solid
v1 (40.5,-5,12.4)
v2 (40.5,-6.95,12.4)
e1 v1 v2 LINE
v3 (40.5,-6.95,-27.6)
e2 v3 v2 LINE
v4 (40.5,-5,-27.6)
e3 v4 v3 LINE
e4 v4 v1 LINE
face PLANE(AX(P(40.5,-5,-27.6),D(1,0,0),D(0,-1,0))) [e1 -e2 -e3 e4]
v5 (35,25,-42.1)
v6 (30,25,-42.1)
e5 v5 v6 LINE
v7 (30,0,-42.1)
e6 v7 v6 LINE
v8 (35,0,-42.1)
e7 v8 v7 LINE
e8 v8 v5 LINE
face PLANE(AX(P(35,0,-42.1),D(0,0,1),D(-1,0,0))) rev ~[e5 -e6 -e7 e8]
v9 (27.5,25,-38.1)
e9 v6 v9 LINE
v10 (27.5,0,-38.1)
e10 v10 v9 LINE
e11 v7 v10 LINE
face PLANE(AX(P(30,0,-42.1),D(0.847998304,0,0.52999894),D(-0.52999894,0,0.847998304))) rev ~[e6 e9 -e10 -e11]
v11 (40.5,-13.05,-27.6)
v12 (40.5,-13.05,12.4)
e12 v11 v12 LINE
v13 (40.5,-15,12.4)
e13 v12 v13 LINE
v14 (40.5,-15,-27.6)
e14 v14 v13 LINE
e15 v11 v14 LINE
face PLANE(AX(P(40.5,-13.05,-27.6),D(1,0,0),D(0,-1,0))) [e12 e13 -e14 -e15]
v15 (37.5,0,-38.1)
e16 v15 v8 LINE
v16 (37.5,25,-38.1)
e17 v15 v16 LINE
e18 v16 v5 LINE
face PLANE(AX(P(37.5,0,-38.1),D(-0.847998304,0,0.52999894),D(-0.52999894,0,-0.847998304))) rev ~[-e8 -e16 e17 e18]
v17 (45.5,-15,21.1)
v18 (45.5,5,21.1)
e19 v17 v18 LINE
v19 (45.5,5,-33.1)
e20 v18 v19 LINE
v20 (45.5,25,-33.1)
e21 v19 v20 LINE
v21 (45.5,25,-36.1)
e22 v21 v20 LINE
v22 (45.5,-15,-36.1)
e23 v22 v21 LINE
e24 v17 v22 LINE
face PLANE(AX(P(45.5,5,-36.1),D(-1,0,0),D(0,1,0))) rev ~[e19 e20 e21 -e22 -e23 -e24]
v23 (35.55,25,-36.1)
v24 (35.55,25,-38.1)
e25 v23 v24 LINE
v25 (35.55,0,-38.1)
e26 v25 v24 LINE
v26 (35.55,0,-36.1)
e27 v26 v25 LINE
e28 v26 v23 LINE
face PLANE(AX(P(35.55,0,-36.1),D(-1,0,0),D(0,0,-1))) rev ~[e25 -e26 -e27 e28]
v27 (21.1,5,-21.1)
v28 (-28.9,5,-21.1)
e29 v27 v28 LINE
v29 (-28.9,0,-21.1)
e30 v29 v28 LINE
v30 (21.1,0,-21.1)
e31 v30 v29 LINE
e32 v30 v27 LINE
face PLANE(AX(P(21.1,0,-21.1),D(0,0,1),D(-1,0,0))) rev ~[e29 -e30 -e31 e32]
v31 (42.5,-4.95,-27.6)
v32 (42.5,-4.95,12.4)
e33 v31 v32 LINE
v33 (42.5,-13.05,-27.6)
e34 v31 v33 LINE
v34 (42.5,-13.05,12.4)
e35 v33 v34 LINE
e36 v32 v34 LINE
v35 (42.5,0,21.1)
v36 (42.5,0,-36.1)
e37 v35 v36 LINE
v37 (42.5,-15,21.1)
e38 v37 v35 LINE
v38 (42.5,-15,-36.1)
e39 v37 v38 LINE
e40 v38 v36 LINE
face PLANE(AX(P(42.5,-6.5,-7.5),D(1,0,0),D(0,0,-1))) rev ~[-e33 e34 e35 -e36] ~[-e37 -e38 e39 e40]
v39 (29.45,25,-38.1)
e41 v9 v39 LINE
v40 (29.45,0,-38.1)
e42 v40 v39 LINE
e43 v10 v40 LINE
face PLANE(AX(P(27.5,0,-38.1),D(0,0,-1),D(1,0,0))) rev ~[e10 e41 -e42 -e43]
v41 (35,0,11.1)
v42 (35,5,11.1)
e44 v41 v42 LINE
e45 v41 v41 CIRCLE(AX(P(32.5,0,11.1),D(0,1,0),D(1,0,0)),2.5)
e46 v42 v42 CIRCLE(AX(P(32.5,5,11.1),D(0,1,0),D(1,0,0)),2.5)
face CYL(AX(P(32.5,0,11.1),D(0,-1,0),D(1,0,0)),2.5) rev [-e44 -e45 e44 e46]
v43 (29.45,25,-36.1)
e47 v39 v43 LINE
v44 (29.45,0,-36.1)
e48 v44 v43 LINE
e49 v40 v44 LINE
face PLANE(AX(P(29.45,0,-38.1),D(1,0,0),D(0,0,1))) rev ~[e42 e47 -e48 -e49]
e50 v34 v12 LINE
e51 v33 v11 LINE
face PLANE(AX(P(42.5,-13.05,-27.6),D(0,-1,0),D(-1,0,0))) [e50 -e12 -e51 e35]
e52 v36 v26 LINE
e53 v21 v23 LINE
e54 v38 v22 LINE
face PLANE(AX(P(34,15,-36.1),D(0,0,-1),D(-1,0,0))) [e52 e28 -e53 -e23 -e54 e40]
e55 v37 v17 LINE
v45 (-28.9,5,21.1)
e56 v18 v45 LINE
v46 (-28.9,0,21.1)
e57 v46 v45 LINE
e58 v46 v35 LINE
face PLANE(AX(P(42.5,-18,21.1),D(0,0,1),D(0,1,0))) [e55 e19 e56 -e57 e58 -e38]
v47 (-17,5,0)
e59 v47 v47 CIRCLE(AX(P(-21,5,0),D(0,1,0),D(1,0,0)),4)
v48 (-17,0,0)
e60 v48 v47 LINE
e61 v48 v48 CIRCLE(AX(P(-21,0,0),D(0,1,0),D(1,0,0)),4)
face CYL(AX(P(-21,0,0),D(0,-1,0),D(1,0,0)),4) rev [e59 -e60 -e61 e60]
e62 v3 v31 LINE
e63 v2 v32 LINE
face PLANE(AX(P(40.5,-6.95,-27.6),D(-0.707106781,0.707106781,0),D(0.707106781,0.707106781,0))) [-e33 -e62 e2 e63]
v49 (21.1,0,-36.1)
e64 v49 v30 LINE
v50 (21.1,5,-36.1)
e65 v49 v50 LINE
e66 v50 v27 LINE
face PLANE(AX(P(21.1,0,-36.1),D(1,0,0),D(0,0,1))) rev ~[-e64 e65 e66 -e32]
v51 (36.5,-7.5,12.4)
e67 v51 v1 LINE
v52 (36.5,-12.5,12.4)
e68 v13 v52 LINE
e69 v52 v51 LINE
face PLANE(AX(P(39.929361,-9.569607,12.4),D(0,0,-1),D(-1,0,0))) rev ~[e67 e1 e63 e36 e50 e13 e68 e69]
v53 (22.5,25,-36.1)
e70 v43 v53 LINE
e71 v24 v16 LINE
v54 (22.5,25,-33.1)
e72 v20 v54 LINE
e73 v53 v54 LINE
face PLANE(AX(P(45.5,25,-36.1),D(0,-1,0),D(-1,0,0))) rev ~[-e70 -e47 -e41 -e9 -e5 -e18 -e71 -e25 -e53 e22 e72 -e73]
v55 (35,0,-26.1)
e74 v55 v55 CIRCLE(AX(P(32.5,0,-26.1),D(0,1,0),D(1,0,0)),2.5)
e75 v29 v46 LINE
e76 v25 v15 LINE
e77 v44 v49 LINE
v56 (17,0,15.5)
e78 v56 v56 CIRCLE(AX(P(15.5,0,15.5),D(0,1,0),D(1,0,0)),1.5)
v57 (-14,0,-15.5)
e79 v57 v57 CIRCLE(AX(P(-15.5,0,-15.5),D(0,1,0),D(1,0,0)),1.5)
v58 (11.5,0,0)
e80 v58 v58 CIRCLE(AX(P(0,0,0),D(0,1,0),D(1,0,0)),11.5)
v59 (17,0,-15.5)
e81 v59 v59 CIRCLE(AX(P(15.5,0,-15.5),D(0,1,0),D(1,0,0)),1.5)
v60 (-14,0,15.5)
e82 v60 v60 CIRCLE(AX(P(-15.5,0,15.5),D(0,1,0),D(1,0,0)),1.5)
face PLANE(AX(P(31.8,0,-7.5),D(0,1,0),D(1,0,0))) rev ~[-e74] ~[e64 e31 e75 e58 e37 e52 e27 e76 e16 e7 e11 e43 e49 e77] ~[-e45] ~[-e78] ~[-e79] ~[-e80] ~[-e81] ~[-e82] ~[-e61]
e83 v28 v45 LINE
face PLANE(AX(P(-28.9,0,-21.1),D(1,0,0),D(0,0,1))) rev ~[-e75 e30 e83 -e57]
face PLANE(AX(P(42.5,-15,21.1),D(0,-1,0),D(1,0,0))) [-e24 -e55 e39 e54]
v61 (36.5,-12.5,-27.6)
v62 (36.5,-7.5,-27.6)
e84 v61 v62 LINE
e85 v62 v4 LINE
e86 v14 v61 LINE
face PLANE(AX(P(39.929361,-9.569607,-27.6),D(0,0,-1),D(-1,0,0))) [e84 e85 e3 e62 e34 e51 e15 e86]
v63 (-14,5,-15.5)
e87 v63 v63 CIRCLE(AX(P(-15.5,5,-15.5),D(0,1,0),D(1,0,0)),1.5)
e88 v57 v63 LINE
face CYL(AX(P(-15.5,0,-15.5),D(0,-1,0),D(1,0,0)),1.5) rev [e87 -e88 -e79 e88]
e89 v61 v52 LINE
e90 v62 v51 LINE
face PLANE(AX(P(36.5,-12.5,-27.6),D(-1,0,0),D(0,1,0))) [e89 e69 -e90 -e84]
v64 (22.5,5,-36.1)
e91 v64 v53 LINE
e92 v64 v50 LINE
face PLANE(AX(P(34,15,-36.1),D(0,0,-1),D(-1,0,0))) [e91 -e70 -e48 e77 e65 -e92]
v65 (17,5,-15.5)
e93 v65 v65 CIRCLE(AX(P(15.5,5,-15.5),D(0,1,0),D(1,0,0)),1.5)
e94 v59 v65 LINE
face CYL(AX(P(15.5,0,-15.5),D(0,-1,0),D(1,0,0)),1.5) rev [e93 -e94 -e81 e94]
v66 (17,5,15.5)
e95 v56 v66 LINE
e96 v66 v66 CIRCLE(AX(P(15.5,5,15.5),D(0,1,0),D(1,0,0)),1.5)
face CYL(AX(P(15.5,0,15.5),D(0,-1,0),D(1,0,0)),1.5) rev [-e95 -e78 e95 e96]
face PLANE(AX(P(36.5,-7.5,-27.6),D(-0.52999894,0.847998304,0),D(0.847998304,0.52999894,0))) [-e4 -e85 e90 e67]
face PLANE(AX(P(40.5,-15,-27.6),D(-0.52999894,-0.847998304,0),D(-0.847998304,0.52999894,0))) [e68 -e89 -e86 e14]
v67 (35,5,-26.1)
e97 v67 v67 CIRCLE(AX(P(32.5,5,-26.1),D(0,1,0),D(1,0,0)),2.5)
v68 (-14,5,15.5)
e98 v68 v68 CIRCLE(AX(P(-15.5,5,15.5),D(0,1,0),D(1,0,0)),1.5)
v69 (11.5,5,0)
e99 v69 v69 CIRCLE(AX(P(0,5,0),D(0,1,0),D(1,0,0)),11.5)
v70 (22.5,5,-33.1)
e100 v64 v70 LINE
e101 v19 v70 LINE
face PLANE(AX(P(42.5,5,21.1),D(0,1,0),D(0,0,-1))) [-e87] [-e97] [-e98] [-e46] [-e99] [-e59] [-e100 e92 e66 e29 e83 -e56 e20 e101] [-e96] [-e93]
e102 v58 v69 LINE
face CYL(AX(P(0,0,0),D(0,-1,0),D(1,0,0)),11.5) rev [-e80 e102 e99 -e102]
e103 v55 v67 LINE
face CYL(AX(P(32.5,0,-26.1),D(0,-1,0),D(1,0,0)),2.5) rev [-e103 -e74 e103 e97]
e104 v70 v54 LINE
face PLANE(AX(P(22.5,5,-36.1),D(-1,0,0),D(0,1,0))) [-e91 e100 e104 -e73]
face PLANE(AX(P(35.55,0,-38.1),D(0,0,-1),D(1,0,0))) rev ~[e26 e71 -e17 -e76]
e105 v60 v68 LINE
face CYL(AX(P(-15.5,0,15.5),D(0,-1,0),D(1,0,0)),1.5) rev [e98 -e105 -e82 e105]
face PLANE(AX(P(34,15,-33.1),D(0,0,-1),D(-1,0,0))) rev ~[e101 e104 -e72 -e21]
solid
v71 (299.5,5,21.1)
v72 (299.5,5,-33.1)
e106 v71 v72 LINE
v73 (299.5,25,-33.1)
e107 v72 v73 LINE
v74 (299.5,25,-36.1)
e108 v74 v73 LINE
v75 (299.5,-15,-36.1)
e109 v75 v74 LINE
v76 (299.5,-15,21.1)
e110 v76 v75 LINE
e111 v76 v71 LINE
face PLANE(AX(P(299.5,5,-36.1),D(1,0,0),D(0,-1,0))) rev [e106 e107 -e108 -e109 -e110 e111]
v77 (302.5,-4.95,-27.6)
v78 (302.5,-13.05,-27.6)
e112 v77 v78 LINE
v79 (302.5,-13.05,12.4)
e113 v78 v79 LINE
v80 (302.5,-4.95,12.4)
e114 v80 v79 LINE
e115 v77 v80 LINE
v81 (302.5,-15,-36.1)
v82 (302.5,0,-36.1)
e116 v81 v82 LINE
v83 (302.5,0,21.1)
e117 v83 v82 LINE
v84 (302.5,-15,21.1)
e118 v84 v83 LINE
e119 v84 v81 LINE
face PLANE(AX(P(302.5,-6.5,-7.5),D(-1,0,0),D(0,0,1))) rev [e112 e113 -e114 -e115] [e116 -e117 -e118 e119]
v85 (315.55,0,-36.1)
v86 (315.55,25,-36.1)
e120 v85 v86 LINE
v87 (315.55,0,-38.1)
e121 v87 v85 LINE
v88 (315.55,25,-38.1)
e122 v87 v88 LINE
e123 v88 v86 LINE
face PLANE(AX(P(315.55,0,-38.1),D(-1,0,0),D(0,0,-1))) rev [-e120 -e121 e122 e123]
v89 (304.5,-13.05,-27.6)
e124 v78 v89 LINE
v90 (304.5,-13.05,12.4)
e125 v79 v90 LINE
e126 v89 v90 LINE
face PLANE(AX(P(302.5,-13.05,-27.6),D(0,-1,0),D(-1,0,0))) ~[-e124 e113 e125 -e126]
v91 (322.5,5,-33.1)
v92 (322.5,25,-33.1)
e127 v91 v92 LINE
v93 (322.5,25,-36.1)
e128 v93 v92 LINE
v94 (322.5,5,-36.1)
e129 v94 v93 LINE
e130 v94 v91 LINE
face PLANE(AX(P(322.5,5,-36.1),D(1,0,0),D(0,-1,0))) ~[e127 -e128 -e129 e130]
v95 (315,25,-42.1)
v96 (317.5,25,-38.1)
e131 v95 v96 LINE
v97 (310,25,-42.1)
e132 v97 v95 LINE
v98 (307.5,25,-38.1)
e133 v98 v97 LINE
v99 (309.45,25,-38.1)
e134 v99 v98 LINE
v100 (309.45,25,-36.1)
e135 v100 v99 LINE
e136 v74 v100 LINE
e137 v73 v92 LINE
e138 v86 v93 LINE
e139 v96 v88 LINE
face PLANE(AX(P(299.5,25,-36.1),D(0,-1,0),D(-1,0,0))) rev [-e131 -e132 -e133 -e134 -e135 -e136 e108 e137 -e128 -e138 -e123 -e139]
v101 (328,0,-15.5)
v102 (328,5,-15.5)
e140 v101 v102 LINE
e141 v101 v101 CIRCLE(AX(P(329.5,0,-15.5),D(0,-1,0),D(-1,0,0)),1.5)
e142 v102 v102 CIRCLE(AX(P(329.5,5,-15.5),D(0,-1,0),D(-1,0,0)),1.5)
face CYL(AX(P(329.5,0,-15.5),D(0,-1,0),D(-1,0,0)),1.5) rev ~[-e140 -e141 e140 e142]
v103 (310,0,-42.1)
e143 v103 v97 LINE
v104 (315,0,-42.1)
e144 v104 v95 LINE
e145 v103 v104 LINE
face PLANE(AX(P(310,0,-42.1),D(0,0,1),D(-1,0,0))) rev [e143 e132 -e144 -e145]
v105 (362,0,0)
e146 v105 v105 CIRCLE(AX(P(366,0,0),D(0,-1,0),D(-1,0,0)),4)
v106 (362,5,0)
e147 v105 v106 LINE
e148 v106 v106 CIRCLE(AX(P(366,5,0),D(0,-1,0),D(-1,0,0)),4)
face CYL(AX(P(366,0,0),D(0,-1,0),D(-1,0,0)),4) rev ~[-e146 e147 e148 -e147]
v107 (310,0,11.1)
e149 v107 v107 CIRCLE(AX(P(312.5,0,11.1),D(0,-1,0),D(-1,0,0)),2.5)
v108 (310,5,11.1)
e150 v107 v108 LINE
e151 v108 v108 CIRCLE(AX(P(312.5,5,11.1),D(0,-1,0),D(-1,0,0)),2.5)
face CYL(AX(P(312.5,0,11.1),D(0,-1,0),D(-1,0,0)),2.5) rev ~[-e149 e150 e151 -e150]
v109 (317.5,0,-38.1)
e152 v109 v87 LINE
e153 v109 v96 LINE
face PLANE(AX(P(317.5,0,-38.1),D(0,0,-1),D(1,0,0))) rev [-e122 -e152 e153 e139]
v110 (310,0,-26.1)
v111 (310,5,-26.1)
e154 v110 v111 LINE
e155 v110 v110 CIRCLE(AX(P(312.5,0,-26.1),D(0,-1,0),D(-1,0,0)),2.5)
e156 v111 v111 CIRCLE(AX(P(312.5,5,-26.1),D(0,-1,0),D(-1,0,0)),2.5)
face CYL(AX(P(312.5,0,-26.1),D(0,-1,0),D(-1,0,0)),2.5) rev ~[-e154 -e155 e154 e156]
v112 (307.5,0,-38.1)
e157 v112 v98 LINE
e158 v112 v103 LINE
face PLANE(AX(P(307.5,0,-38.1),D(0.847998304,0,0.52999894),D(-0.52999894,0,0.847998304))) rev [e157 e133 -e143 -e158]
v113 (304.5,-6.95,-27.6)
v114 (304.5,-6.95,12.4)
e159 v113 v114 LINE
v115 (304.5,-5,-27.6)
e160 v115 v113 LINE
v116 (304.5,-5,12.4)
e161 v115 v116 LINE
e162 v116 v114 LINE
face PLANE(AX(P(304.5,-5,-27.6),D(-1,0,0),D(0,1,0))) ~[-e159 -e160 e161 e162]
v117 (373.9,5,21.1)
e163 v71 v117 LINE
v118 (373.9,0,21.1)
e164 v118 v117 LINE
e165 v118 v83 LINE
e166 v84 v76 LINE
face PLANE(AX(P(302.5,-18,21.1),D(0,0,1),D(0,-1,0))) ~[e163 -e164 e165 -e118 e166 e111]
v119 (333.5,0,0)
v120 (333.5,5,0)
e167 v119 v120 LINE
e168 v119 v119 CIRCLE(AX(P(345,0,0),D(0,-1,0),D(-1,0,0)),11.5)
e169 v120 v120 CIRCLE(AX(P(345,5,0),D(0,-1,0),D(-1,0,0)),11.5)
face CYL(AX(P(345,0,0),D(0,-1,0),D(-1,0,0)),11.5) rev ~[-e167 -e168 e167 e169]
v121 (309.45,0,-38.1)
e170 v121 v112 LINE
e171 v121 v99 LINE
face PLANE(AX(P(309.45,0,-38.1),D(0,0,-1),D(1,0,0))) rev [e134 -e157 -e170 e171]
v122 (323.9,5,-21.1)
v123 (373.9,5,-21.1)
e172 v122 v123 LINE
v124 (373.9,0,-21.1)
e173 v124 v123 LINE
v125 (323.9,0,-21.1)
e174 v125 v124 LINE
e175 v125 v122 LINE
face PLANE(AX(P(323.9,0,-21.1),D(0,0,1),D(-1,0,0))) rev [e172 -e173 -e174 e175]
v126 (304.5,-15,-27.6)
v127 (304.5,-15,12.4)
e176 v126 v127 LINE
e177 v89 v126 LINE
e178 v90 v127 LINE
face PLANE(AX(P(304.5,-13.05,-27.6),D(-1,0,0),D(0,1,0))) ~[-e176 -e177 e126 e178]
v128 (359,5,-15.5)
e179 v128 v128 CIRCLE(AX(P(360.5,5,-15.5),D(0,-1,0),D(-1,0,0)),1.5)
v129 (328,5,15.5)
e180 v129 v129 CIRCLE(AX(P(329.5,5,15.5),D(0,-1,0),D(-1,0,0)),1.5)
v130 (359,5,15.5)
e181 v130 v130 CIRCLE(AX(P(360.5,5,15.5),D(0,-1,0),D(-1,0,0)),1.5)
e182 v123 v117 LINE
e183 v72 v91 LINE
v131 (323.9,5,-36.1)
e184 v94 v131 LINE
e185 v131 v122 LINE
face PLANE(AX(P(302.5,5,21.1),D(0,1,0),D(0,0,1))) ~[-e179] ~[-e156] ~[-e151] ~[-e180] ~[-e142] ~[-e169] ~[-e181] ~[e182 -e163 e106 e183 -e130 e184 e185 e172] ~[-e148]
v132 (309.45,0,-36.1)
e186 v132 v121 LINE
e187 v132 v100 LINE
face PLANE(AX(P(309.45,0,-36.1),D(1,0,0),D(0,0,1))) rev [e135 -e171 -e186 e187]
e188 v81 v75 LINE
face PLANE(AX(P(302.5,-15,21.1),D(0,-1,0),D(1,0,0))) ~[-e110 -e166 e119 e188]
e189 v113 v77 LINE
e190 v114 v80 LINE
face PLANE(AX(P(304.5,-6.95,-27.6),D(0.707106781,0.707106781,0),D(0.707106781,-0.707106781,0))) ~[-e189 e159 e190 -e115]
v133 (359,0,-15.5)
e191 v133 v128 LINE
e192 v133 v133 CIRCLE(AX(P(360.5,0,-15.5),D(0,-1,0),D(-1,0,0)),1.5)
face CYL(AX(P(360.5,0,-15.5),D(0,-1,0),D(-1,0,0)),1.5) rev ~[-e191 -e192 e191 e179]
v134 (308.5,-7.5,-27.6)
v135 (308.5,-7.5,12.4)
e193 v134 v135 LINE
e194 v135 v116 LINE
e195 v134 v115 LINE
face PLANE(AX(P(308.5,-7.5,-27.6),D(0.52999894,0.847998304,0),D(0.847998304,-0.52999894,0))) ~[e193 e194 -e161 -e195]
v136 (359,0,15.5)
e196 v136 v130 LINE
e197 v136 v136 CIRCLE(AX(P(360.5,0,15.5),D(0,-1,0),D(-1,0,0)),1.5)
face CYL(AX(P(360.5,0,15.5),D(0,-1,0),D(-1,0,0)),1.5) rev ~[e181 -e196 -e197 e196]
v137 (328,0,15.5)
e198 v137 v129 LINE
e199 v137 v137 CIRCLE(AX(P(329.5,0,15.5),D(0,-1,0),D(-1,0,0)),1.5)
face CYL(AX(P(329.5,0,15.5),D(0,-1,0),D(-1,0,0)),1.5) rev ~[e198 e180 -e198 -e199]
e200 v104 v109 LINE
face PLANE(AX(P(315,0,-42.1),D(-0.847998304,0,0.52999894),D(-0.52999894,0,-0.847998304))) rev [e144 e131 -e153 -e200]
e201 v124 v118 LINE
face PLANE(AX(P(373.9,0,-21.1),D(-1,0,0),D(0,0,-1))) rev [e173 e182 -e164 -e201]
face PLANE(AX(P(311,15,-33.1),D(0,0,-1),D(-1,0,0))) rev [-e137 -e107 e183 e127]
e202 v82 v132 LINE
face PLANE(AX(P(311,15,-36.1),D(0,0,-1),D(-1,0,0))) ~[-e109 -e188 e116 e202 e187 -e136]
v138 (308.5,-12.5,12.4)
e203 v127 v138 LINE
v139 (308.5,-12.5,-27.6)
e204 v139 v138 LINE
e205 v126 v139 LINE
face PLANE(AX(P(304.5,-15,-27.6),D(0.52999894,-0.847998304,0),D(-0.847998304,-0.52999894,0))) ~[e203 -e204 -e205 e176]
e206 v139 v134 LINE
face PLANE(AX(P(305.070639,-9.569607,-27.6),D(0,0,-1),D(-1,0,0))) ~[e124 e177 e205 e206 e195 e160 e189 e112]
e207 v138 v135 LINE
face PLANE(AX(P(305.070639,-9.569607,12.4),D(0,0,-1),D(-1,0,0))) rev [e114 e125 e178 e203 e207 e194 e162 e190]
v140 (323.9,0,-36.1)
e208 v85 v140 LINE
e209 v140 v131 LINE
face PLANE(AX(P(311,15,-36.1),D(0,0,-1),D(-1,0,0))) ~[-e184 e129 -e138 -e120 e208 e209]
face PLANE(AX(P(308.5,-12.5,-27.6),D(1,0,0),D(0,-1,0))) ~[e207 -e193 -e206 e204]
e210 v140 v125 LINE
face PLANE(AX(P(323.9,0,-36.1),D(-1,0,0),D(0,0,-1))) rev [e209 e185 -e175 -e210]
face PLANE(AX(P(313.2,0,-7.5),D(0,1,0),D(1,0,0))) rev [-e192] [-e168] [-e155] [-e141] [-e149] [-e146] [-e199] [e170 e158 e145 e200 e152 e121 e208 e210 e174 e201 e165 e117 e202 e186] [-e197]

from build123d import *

# Parameters (mm, degrees)
SKETCH1_R           = 2.5
SKETCH1_R_2         = 1.5
SKETCH1_R_3         = 4
SKETCH1_R_4         = 11.5
BOSS_EXTRUDE1_DEPTH = 5
SKETCH2_W           = 57.2
SKETCH2_H           = 23
BOSS_EXTRUDE2_DEPTH = 3
BOSS_EXTRUDE3_START = -8.5
BOSS_EXTRUDE3_DEPTH = 40
SKETCH5_W           = 3
SKETCH5_H           = 3
CUT_EXTRUDE1_DEPTH  = 58.2
SKETCH6_W           = 23
SKETCH6_H           = 20
BOSS_EXTRUDE4_DEPTH = 3
BOSS_EXTRUDE5_START = -25
BOSS_EXTRUDE5_DEPTH = 25


with BuildPart() as part:
    # Sketch1 → Boss-Extrude1 (new body)
    with BuildSketch(Plane(origin=(0, 0, 0), x_dir=(1, 0, 0), z_dir=(0, 1, 0))):
        Polygon((42.5, 36.1), (21.1, 36.1), (21.1, 21.1), (21.1, -21.1), (42.5, -21.1), align=None)
        with Locations((32.5, -11.1)):
            Circle(SKETCH1_R, mode=Mode.SUBTRACT)
        with Locations((32.5, 26.1)):
            Circle(SKETCH1_R, mode=Mode.SUBTRACT)
        Polygon((-21.1, -21.1), (21.1, -21.1), (21.1, 21.1), (-21.1, 21.1), (-28.9, 21.1), (-28.9, -21.1), align=None)
        with Locations((-15.5, -15.5)):
            Circle(SKETCH1_R_2, mode=Mode.SUBTRACT)
        with Locations((-21, 0)):
            Circle(SKETCH1_R_3, mode=Mode.SUBTRACT)
        Circle(SKETCH1_R_4, mode=Mode.SUBTRACT)
        with Locations((15.5, -15.5)):
            Circle(SKETCH1_R_2, mode=Mode.SUBTRACT)
        with Locations((-15.5, 15.5)):
            Circle(SKETCH1_R_2, mode=Mode.SUBTRACT)
        with Locations((15.5, 15.5)):
            Circle(SKETCH1_R_2, mode=Mode.SUBTRACT)
    extrude(amount=BOSS_EXTRUDE1_DEPTH)

    # Sketch2 → Boss-Extrude2 (add)
    with BuildSketch(Plane(origin=(42.5, 0, 0), x_dir=(0, 0, -1), z_dir=(1, 0, 0))):
        with Locations((7.5, -6.5)):
            Rectangle(SKETCH2_W, SKETCH2_H)
    extrude(amount=BOSS_EXTRUDE2_DEPTH)

    # Sketch4 → Boss-Extrude3 (add)
    with BuildSketch(Plane(origin=(0, 0, -36.1), x_dir=(-1, 0, 0), z_dir=(0, 0, -1)).offset(BOSS_EXTRUDE3_START)):
        Polygon((-36.5, -7.5), (-40.5, -5), (-40.5, -6.95), (-42.5, -4.95), (-42.5, -13.05), (-40.5, -13.05), (-40.5, -15), (-36.5, -12.5), align=None)
    extrude(amount=-BOSS_EXTRUDE3_DEPTH)

    # Sketch5 → Cut-Extrude1 (cut, through all)
    with BuildSketch(Plane.XY.offset(21.1)):
        with Locations((44, -16.5)):
            Rectangle(SKETCH5_W, SKETCH5_H)
    extrude(amount=-CUT_EXTRUDE1_DEPTH, mode=Mode.SUBTRACT)

    # Sketch6 → Boss-Extrude4 (add)
    with BuildSketch(Plane(origin=(0, 0, -36.1), x_dir=(-1, 0, 0), z_dir=(0, 0, -1))):
        with Locations((-34, 15)):
            Rectangle(SKETCH6_W, SKETCH6_H)
    extrude(amount=-BOSS_EXTRUDE4_DEPTH)

    # Sketch7 → Boss-Extrude5 (add)
    with BuildSketch(Plane(origin=(0, 25, 0), x_dir=(1, 0, 0), z_dir=(0, 1, 0)).offset(BOSS_EXTRUDE5_START)):
        Polygon((35, 42.1), (30, 42.1), (27.5, 38.1), (29.45, 38.1), (29.45, 36.1), (32.5, 36.1), (35.55, 36.1), (35.55, 38.1), (37.5, 38.1), align=None)
    extrude(amount=BOSS_EXTRUDE5_DEPTH)


with BuildPart() as body_2:
    # Mirror1: mirrored copy
    add(part.part.mirror(Plane.ZY.offset(-172.5)))


solid = Compound([part.part, body_2.part])
